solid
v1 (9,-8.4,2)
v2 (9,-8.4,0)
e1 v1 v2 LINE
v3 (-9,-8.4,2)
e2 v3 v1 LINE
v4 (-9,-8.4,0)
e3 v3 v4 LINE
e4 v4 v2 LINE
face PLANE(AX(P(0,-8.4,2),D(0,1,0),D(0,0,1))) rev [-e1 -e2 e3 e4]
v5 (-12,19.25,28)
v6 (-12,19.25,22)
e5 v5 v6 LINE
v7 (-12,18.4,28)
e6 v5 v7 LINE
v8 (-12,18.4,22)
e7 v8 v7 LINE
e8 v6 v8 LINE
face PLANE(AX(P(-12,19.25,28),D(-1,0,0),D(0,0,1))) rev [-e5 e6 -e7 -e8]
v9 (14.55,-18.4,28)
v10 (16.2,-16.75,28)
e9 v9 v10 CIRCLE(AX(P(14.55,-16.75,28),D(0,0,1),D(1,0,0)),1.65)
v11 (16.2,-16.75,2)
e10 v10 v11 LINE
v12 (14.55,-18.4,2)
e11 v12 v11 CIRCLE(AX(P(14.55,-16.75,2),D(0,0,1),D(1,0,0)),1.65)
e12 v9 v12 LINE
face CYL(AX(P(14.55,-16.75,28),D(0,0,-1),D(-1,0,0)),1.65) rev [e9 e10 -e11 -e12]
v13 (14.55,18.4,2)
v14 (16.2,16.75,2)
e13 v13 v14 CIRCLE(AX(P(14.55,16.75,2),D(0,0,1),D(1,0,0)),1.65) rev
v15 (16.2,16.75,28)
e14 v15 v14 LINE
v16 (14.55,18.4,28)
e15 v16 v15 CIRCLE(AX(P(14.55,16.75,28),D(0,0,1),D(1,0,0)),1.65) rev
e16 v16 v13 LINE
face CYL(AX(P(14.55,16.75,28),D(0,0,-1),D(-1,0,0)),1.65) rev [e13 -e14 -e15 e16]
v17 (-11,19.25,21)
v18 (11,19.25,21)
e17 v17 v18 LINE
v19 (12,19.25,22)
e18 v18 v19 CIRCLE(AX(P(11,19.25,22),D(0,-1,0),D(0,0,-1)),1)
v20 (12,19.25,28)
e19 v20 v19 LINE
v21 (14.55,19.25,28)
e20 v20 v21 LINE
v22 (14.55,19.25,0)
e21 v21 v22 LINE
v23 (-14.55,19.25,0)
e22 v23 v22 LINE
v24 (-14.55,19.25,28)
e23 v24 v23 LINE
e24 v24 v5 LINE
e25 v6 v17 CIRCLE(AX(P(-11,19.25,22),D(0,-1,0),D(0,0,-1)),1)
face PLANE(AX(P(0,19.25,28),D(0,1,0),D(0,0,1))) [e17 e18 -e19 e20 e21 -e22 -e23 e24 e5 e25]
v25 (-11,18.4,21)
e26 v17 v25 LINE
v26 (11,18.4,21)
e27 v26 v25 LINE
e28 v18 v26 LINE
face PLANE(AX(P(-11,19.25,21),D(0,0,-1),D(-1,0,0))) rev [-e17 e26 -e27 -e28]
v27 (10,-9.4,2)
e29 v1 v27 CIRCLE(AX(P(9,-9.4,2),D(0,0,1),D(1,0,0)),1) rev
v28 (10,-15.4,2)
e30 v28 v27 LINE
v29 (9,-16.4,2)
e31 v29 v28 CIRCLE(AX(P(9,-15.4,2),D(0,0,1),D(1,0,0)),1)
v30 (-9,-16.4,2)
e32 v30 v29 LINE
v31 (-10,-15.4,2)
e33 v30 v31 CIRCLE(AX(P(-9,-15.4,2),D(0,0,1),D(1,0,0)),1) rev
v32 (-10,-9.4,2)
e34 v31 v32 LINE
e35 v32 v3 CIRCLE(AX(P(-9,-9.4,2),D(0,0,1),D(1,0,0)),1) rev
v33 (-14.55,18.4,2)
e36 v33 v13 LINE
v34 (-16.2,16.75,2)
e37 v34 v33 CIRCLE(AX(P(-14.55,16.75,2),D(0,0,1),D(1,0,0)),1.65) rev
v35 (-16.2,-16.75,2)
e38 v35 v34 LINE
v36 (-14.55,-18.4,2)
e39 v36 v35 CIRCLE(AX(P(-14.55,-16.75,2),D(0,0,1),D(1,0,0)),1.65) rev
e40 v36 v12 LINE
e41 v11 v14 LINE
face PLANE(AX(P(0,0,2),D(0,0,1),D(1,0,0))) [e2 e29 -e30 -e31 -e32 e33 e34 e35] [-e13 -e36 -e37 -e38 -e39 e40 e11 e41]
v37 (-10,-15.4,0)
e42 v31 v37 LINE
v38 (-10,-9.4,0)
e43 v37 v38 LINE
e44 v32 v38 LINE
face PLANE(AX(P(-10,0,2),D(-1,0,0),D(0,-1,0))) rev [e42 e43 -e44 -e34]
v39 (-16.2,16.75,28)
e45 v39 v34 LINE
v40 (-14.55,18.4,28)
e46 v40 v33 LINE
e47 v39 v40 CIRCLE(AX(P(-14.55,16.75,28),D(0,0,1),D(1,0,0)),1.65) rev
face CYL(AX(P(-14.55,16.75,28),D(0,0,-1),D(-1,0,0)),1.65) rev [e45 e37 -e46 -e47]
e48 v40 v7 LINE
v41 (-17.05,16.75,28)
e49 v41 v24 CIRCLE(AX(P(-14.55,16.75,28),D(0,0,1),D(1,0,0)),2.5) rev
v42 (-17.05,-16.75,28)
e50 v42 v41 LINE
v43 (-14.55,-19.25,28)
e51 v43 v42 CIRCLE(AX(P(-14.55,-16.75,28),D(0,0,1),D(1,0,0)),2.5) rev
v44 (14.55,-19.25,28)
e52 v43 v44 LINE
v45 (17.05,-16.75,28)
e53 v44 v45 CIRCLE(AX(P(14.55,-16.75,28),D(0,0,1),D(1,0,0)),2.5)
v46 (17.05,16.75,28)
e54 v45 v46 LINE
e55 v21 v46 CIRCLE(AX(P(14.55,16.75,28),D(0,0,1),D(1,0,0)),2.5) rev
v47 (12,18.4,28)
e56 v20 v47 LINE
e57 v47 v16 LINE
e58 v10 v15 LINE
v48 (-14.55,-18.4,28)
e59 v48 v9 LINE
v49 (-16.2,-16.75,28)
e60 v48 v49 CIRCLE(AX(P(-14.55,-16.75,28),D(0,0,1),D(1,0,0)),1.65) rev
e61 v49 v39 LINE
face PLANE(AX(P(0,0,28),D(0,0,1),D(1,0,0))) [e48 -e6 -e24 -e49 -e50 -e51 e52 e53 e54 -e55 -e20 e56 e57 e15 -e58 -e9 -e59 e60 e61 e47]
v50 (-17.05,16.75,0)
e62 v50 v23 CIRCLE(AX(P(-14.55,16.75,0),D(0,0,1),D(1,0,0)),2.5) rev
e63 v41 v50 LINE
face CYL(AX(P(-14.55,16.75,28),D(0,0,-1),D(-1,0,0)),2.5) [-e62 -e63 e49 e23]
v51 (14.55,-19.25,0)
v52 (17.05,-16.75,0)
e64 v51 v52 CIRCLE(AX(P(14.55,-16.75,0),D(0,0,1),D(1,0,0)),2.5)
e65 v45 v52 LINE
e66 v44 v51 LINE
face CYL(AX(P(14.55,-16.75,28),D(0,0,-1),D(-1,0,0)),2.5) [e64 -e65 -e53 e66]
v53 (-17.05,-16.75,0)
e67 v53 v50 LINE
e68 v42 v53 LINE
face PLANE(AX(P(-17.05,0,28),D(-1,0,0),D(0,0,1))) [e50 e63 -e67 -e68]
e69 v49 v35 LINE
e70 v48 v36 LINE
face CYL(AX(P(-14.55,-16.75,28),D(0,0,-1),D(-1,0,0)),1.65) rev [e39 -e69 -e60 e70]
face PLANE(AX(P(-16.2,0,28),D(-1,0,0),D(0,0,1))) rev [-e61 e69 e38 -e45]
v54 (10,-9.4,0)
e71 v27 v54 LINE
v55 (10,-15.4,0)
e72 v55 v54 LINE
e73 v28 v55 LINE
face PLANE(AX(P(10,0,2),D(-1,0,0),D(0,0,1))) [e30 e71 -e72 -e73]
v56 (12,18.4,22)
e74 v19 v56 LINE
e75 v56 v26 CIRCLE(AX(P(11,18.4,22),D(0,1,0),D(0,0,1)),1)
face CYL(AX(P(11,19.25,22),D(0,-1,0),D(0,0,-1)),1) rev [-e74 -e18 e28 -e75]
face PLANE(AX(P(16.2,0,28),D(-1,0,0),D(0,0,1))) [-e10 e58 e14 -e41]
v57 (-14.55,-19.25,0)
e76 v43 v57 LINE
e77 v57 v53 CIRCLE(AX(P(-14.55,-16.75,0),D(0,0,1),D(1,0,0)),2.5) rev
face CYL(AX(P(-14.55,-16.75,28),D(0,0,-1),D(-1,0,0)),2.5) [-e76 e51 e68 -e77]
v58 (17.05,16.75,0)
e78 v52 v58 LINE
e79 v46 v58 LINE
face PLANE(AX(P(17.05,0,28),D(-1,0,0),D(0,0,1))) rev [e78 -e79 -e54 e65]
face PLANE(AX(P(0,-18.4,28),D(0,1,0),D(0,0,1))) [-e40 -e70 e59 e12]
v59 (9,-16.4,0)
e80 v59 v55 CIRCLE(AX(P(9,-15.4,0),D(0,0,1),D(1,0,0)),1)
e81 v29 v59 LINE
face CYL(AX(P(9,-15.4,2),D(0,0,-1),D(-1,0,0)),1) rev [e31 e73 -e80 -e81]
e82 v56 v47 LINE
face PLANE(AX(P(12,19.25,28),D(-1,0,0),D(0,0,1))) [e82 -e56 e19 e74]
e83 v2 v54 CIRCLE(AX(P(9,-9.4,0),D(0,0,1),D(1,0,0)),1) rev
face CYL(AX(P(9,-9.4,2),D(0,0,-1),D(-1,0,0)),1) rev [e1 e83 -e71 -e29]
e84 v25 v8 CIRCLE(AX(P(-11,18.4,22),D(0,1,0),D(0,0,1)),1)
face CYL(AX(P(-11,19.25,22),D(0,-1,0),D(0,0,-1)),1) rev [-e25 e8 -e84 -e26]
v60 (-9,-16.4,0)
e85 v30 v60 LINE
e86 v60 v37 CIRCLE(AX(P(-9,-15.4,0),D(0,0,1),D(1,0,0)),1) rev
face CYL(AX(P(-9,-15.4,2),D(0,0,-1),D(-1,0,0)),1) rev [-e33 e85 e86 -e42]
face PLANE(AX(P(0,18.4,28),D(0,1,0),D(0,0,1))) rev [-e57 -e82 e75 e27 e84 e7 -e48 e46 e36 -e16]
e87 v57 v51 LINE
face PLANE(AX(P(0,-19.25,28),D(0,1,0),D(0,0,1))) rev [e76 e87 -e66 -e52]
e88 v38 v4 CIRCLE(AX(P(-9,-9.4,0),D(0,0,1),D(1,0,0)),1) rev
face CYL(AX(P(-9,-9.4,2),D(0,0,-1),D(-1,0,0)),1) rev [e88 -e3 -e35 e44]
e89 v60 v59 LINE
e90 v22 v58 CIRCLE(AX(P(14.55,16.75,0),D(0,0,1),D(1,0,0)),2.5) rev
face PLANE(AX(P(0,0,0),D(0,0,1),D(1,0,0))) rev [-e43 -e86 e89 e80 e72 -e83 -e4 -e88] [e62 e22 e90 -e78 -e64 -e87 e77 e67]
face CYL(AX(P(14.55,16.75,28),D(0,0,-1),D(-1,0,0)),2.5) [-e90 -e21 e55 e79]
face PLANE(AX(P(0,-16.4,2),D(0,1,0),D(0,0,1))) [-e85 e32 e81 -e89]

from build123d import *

# Parameters (mm, degrees)
BOSS_EXTRUDE1_DEPTH = 28
BOSS_EXTRUDE2_DEPTH = 2
CUT_EXTRUDE1_DEPTH  = 39.016641093


with BuildPart() as part:
    # Sketch1 → Boss-Extrude1 (new body)
    with BuildSketch(Plane.XY):
        with BuildLine():
            ThreePointArc((-17.05, -16.75), (-16.317766953, -18.517766953), (-14.55, -19.25))
            Line((-14.55, -19.25), (14.55, -19.25))
            ThreePointArc((14.55, -19.25), (16.317766953, -18.517766953), (17.05, -16.75))
            Line((17.05, -16.75), (17.05, 16.75))
            ThreePointArc((17.05, 16.75), (16.317766953, 18.517766953), (14.55, 19.25))
            Line((14.55, 19.25), (-14.55, 19.25))
            ThreePointArc((-14.55, 19.25), (-16.317766953, 18.517766953), (-17.05, 16.75))
            Line((-17.05, 16.75), (-17.05, -16.75))
        make_face()
        with BuildLine():
            ThreePointArc((-14.55, -18.4), (-15.716726189, -17.916726189), (-16.2, -16.75))
            Line((-16.2, -16.75), (-16.2, 16.75))
            ThreePointArc((-16.2, 16.75), (-15.716726189, 17.916726189), (-14.55, 18.4))
            Line((-14.55, 18.4), (14.55, 18.4))
            ThreePointArc((14.55, 18.4), (15.716726189, 17.916726189), (16.2, 16.75))
            Line((16.2, 16.75), (16.2, -16.75))
            ThreePointArc((16.2, -16.75), (15.716726189, -17.916726189), (14.55, -18.4))
            Line((14.55, -18.4), (-14.55, -18.4))
        make_face(mode=Mode.SUBTRACT)
    extrude(amount=BOSS_EXTRUDE1_DEPTH)

    # Sketch1<3> → Boss-Extrude2 (add)
    with BuildSketch(Plane.XY):
        with BuildLine():
            Line((-16.2, 16.75), (-16.2, -16.75))
            ThreePointArc((-16.2, -16.75), (-15.716726189, -17.916726189), (-14.55, -18.4))
            Line((-14.55, -18.4), (14.55, -18.4))
            ThreePointArc((14.55, -18.4), (15.716726189, -17.916726189), (16.2, -16.75))
            Line((16.2, -16.75), (16.2, 16.75))
            ThreePointArc((16.2, 16.75), (15.716726189, 17.916726189), (14.55, 18.4))
            Line((14.55, 18.4), (-14.55, 18.4))
            ThreePointArc((-14.55, 18.4), (-15.716726189, 17.916726189), (-16.2, 16.75))
        make_face()
        with BuildLine():
            Line((9, -16.4), (-9, -16.4))
            ThreePointArc((-9, -16.4), (-9.707106781, -16.107106781), (-10, -15.4))
            Line((-10, -15.4), (-10, -9.4))
            ThreePointArc((-10, -9.4), (-9.707106781, -8.692893219), (-9, -8.4))
            Line((-9, -8.4), (9, -8.4))
            ThreePointArc((9, -8.4), (9.707106781, -8.692893219), (10, -9.4))
            Line((10, -9.4), (10, -15.4))
            ThreePointArc((10, -15.4), (9.707106781, -16.107106781), (9, -16.4))
        make_face(mode=Mode.SUBTRACT)
    extrude(amount=BOSS_EXTRUDE2_DEPTH)

    # Sketch2 → Cut-Extrude1 (cut, through all)
    with BuildSketch(Plane(origin=(0, 0, 0), x_dir=(1, 0, 0), z_dir=(0, 1, 0))):
        with BuildLine():
            Line((-12, -28), (12, -28))
            Line((12, -28), (12, -22))
            ThreePointArc((12, -22), (11.707106781, -21.292893219), (11, -21))
            Line((11, -21), (-11, -21))
            ThreePointArc((-11, -21), (-11.707106781, -21.292893219), (-12, -22))
            Line((-12, -22), (-12, -28))
        make_face()
    extrude(amount=CUT_EXTRUDE1_DEPTH, mode=Mode.SUBTRACT)


solid = part.part
